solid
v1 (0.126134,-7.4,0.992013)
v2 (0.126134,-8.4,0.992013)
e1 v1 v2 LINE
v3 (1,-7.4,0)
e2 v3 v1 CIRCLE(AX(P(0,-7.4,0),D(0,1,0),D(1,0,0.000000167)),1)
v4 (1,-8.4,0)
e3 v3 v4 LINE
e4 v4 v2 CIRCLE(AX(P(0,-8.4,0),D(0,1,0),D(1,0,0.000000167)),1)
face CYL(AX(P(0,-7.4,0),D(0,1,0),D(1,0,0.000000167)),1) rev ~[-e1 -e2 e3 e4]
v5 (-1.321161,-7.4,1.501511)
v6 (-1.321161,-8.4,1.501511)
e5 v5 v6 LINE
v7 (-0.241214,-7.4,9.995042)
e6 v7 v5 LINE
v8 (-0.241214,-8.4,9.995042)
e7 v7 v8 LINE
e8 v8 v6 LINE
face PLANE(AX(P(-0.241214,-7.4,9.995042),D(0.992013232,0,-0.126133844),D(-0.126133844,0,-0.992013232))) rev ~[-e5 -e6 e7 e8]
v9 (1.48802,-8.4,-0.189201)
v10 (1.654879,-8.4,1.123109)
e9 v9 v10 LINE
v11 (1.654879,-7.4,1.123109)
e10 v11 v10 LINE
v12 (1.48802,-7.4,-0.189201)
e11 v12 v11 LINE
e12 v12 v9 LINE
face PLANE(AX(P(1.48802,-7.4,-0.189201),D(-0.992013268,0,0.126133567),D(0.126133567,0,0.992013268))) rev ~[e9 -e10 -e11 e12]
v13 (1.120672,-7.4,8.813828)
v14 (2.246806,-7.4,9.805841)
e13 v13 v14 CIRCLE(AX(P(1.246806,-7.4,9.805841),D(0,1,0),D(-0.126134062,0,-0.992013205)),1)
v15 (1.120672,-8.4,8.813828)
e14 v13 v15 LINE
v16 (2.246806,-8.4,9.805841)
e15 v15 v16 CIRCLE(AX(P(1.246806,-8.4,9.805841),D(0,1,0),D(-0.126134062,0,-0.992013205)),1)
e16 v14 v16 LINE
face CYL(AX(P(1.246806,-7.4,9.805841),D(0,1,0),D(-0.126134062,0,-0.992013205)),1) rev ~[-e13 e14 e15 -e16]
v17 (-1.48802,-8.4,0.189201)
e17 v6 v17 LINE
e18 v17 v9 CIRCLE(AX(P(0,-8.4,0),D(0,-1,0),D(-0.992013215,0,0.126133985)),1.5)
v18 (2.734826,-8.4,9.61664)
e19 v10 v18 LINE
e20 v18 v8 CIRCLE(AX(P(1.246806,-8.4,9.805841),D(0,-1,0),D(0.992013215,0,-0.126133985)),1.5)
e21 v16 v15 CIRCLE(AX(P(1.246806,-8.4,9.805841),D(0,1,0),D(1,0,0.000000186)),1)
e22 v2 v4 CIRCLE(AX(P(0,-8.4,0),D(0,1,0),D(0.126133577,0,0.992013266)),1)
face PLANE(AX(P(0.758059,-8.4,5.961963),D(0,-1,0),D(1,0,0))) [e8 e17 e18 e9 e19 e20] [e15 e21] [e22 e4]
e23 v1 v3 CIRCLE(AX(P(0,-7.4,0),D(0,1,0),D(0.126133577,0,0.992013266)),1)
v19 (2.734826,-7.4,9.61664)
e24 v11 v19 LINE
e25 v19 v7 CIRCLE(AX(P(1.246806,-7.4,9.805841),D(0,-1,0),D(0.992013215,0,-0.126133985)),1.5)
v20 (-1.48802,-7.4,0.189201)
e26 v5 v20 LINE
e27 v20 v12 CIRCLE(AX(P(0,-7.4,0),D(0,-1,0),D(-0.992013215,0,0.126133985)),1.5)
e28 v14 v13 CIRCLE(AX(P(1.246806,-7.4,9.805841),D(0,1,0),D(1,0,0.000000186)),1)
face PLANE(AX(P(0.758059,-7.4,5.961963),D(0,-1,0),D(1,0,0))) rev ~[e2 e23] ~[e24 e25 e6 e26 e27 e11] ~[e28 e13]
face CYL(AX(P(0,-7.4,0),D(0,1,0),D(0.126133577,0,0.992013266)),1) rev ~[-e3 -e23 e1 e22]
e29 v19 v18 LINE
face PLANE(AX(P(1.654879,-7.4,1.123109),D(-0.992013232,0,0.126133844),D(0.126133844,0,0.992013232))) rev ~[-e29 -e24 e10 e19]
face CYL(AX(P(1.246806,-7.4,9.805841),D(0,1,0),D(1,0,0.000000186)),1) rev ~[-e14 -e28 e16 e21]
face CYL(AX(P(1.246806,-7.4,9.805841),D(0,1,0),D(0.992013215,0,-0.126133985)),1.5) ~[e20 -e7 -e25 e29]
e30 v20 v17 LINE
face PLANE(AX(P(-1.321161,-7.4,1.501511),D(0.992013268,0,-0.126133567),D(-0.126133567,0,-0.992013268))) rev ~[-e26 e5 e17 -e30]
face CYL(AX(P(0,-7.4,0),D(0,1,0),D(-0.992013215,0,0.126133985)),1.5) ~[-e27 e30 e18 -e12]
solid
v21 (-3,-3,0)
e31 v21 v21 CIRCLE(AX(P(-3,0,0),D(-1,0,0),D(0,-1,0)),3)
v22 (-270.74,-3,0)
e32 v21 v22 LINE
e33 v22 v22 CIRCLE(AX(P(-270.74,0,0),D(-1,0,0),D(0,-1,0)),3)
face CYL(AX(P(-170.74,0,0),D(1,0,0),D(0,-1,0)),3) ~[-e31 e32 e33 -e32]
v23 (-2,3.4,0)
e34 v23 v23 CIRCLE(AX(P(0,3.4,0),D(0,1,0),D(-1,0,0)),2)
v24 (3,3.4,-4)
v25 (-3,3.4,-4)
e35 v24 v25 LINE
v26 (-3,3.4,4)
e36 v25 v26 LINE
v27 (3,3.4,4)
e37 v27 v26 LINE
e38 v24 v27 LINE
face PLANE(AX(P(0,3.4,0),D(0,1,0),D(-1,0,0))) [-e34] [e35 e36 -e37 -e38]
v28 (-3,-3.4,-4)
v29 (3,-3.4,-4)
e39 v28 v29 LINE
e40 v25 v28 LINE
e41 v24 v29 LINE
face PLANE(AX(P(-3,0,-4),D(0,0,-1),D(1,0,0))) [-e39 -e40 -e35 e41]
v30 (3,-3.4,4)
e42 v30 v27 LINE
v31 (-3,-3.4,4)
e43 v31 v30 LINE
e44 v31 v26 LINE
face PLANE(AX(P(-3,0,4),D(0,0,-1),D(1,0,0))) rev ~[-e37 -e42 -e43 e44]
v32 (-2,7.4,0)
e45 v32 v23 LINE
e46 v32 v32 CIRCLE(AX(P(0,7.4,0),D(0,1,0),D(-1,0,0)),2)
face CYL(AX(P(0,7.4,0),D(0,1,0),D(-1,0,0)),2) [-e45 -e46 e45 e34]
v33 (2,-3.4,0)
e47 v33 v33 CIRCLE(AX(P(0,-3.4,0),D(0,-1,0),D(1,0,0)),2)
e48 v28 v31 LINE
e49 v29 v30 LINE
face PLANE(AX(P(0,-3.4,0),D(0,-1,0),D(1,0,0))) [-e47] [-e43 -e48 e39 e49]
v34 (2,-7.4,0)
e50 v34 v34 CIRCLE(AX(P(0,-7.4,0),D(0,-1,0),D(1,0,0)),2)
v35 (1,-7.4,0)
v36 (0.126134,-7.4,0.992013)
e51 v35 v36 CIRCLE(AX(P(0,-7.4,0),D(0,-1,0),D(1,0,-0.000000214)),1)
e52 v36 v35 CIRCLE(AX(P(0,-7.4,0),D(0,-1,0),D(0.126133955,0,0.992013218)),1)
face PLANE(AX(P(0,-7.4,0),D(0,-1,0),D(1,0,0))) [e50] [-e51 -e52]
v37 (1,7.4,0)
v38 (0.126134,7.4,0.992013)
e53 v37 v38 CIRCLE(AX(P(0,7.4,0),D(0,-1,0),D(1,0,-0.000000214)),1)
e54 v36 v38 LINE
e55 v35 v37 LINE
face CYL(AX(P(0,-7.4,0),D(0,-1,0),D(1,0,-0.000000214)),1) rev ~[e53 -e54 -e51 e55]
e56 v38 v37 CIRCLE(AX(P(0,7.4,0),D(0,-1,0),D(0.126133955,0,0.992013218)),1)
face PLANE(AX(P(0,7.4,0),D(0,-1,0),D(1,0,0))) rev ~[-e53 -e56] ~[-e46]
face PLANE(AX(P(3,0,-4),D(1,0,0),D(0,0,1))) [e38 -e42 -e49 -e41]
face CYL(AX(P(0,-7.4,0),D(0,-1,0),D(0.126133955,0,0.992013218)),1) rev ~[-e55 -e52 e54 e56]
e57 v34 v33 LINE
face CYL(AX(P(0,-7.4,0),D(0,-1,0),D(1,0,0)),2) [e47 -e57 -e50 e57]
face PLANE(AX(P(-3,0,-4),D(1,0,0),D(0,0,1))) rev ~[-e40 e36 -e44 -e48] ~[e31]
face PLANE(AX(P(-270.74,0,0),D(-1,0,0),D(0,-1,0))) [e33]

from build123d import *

# Parameters (mm, degrees)
F0_W      = 6
F0_H      = 8
F1_DEPTH  = 7.4
F2_W      = 6
F2_H      = 8
F2_R      = 2
F3_DEPTH  = 4
F4_W      = 6
F4_H      = 8
F4_R      = 2
F5_DEPTH  = 4
F6_R      = 3
F7_DEPTH  = 167.74
F8_R      = 3
F9_DEPTH  = 100
F11_DEPTH = 14.801
F12_DEPTH = 1


with BuildPart() as f1:
    # F0 (on Front) → F1 (new body, symmetric)
    with BuildSketch(Plane.XZ):
        Rectangle(F0_W, F0_H)
    extrude(amount=F1_DEPTH, both=True)

    # F2 (on face) → F3 (cut)
    with BuildSketch(Plane.XZ.offset(7.4)):
        Rectangle(F2_W, F2_H)
        Circle(F2_R, mode=Mode.SUBTRACT)
    extrude(amount=-F3_DEPTH, mode=Mode.SUBTRACT)

    # F4 (on face) → F5 (cut)
    with BuildSketch(Plane(origin=(0, 7.4, 0), x_dir=(-1, 0, 0), z_dir=(0, 1, 0))):
        Rectangle(F4_W, F4_H)
        Circle(F4_R, mode=Mode.SUBTRACT)
    extrude(amount=-F5_DEPTH, mode=Mode.SUBTRACT)

    # F6 (on face) → F7 (join)
    with BuildSketch(Plane(origin=(-3, 0, 0), x_dir=(0, -1, 0), z_dir=(-1, 0, 0))):
        Circle(F6_R)
    extrude(amount=F7_DEPTH)

    # F8 (on face) → F9 (join)
    with BuildSketch(Plane(origin=(-170.74, 0, 0), x_dir=(0, -1, 0), z_dir=(-1, 0, 0))):
        Circle(F8_R)
    extrude(amount=F9_DEPTH)

    # F10 (on face) → F11 (cut, through all)
    with BuildSketch(Plane.XZ.offset(7.4)):
        with BuildLine():
            ThreePointArc((0.126134, 0.992013), (-0.750378, -0.661009), (1, 0))
            ThreePointArc((1, 0), (0.750378, 0.661009), (0.126134, 0.992013))
        make_face()
    extrude(amount=-F11_DEPTH, mode=Mode.SUBTRACT)


with BuildPart() as f12:
    # F10 (on face) → F12 (new body)
    with BuildSketch(Plane.XZ.offset(7.4)):
        with BuildLine():
            ThreePointArc((-1.321161, 1.501511), (-0.586377, 1.912109), (0.252268, 1.984026))
            ThreePointArc((0.252268, 1.984026), (1.04623, 1.704524), (1.654879, 1.123109))
            Line((1.654879, 1.123109), (2.734826, 9.61664))
            ThreePointArc((2.734826, 9.61664), (1.436007, 11.293861), (-0.241214, 9.995042))
            Line((-0.241214, 9.995042), (-1.321161, 1.501511))
        make_face()
        with BuildLine():
            ThreePointArc((2.246806, 9.805841), (1.907815, 9.055463), (1.120672, 8.813828))
            ThreePointArc((1.120672, 8.813828), (0.585797, 10.556219), (2.246806, 9.805841))
        make_face(mode=Mode.SUBTRACT)
        with BuildLine():
            ThreePointArc((1.654879, 1.123109), (1.04623, 1.704524), (0.252268, 1.984026))
            ThreePointArc((0.252268, 1.984026), (-0.586377, 1.912109), (-1.321161, 1.501511))
            Line((-1.321161, 1.501511), (-1.48802, 0.189201))
            ThreePointArc((-1.48802, 0.189201), (-0.189201, -1.48802), (1.48802, -0.189201))
            Line((1.48802, -0.189201), (1.654879, 1.123109))
        make_face()
        with BuildLine():
            ThreePointArc((0.126134, 0.992013), (0.750378, 0.661009), (1, 0))
            ThreePointArc((1, 0), (-0.750378, -0.661009), (0.126134, 0.992013))
        make_face(mode=Mode.SUBTRACT)
    extrude(amount=F12_DEPTH)


solid = Compound([f1.part, f12.part])
